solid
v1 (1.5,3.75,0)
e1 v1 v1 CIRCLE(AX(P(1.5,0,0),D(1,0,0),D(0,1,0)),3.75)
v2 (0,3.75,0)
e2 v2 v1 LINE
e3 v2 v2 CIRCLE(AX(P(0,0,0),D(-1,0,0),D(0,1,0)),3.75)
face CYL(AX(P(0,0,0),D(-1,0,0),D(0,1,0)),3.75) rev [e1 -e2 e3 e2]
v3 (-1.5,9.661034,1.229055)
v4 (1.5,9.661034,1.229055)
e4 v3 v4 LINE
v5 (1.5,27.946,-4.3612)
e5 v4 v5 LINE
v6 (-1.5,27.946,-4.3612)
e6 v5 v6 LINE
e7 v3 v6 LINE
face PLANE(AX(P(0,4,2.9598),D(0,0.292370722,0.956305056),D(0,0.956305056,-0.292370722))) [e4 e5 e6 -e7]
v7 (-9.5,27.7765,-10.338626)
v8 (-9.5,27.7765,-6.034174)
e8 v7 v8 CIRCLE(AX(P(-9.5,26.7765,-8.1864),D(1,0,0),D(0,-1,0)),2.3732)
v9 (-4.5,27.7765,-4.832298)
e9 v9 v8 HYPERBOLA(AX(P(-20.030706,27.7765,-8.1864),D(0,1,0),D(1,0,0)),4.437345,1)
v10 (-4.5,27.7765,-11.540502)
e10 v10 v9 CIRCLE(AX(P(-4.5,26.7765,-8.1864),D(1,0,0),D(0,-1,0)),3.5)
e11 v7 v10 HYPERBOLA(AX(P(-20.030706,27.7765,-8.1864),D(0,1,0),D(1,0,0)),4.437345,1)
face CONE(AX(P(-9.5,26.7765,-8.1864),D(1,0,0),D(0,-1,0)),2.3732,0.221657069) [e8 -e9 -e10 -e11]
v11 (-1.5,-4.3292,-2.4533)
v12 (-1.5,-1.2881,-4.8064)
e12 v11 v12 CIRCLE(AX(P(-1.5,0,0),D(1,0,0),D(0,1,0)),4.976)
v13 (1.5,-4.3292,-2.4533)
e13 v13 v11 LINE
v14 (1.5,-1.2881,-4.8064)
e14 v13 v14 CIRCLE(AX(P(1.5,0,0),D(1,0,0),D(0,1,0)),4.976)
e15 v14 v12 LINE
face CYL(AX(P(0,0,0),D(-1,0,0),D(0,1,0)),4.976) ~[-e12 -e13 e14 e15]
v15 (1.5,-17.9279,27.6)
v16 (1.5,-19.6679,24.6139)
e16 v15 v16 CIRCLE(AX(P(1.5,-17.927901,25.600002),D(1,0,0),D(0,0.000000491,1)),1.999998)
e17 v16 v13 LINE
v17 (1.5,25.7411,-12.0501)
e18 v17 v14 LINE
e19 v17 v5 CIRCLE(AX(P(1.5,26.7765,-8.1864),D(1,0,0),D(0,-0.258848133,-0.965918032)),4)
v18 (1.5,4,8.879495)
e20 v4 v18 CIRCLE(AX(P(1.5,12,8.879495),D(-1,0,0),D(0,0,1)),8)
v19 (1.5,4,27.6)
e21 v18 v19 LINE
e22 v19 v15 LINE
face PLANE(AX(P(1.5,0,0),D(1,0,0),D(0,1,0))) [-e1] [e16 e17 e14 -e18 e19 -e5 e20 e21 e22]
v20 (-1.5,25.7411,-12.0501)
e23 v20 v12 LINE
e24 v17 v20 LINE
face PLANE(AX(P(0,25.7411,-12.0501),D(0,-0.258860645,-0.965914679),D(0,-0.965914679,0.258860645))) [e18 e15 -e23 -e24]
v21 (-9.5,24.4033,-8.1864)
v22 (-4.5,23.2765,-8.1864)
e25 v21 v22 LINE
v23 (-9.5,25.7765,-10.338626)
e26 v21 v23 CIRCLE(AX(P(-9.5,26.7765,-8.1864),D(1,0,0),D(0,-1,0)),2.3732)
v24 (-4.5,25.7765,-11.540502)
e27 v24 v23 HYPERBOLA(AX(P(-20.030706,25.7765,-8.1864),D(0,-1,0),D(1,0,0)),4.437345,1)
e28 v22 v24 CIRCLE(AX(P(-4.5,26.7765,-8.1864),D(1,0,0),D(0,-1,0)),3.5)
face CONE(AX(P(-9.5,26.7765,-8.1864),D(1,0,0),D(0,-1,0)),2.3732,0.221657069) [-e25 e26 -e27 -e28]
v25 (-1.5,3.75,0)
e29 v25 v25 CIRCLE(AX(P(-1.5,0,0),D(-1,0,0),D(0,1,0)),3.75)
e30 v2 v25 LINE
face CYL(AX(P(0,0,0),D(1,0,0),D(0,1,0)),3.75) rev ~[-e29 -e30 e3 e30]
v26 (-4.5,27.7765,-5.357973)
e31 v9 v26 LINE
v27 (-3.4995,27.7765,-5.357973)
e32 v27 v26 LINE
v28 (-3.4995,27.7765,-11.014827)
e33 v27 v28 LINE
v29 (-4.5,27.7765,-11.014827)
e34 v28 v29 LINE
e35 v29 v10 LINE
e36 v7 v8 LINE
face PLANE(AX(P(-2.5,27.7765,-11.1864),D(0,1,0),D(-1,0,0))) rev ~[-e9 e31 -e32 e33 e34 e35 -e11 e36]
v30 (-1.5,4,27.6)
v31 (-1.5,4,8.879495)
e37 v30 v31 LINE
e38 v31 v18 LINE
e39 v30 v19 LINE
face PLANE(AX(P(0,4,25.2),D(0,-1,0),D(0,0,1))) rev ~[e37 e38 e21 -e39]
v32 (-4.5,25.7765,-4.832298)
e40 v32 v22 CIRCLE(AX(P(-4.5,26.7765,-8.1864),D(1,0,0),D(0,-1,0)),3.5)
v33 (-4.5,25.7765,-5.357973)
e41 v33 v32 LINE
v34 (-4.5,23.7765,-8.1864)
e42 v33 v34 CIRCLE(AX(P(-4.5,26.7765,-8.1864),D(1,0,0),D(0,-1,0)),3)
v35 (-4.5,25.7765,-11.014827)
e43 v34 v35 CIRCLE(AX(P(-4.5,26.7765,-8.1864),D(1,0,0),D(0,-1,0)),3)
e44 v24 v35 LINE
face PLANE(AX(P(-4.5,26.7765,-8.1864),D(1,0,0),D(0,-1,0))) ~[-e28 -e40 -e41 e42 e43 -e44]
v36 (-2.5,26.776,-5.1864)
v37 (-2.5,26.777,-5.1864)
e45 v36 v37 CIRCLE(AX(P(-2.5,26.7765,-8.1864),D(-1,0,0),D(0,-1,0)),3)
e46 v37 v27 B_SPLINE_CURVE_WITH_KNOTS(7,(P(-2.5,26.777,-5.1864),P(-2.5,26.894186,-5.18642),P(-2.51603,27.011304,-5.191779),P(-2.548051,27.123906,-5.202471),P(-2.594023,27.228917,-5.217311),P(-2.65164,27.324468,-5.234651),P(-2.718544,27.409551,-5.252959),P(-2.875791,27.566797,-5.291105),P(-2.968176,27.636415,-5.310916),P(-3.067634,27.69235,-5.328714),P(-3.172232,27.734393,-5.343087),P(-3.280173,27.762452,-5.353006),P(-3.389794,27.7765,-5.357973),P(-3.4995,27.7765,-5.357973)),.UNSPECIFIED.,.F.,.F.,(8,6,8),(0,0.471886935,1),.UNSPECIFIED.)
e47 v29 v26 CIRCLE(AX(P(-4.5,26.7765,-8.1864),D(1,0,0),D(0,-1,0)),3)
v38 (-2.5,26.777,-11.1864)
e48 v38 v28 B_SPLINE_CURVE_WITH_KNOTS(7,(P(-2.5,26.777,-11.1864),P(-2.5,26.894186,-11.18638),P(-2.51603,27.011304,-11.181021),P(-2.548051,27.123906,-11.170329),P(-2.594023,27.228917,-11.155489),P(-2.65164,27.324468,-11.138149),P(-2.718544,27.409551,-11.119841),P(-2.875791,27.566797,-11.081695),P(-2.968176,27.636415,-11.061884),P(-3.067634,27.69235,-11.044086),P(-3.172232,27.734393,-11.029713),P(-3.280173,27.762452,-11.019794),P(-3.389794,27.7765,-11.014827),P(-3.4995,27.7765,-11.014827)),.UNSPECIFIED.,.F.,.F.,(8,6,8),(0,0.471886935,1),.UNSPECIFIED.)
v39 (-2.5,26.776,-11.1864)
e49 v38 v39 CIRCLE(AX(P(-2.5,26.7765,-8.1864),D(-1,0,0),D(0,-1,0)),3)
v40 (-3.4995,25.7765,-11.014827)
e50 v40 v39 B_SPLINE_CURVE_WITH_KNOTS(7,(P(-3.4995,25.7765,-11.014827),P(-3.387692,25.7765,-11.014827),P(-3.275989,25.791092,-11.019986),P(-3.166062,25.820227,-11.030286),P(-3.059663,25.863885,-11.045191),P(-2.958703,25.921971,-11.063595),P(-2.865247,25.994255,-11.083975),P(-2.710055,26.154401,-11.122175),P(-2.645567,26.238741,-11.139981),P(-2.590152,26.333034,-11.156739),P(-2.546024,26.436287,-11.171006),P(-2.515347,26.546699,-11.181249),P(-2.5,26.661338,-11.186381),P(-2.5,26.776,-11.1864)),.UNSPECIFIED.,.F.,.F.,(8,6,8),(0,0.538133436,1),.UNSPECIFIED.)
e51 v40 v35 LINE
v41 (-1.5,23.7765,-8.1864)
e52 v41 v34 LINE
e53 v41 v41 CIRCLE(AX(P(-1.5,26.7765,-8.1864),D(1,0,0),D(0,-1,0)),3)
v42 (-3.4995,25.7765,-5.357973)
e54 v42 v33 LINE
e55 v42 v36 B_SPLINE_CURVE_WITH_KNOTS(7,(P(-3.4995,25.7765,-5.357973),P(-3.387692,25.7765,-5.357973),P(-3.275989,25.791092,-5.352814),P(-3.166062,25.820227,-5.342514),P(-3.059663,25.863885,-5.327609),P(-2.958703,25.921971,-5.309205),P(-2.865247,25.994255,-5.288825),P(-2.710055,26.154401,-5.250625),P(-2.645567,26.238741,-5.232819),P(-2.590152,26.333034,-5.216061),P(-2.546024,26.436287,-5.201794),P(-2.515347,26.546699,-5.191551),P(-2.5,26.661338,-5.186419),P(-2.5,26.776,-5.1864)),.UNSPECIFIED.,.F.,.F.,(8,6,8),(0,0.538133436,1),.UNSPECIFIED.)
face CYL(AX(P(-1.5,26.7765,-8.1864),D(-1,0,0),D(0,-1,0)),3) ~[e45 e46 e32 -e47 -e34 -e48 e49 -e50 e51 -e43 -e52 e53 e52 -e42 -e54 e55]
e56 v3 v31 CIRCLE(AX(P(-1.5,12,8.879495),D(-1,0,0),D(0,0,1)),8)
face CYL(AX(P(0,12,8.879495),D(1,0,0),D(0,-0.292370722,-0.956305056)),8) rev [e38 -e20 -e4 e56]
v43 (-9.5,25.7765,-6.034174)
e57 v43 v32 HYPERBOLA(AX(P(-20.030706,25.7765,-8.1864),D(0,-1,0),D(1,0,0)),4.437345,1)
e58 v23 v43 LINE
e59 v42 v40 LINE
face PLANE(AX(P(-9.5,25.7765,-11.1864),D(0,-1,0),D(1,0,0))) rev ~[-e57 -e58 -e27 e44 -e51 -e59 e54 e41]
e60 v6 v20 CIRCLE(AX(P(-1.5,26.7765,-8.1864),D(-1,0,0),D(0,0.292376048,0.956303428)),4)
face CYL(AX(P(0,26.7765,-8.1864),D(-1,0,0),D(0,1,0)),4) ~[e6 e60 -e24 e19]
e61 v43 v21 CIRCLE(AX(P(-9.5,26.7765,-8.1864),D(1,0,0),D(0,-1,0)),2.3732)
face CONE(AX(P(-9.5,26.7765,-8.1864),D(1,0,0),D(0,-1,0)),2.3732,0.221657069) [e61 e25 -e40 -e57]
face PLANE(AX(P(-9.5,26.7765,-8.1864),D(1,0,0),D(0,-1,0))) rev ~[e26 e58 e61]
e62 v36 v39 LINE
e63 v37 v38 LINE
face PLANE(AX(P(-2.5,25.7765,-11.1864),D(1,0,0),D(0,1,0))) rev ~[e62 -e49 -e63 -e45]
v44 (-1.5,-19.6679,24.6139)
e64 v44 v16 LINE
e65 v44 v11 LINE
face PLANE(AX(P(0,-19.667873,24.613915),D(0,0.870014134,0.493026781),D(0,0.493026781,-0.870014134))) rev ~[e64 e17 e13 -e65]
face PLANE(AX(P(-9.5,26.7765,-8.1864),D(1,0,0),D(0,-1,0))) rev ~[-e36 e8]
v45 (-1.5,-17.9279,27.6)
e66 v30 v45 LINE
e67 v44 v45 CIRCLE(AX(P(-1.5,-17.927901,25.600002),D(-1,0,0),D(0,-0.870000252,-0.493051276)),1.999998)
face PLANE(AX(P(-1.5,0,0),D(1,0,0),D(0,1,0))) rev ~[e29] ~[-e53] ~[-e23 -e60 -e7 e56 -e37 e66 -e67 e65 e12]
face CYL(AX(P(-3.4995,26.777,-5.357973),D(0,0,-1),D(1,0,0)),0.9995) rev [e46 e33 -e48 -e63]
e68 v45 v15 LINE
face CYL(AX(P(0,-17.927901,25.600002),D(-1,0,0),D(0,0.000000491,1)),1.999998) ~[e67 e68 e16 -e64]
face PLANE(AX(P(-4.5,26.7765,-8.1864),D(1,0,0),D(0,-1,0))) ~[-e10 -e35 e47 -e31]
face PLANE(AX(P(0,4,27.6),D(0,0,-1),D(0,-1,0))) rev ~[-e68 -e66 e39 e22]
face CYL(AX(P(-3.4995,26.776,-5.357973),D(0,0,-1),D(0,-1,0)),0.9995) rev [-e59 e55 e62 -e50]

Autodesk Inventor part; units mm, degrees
ref_plane "YZ Plane" through (0, 0, 0) normal (1, 0, 0) x (0, 1, 0)
ref_plane "XZ Plane" through (0, 0, 0) normal (0, 1, 0) x (-1, 0, 0)
sketch "Boceto4" plane through (0, 0, 0) normal (1, 0, 0) x (0, 1, 0)
  line L0 (0, 0) -> (0, 25.2)
  line L1 (0, 0) -> (26.7765, -8.1864)
  line L2 (0, 0) -> (28, 0) construction
  line L3 (4, 25.2) -> (4, 2.9598)
  line L4 (4, 2.9598) -> (27.946, -4.3612)
  circle A0 centre (26.7765, -8.1864) radius 4
  circle A1 centre (0, 0) radius 4.976
  line L5 (0, 25.2) -> (-20, 25.2)
  line L6 (-20, 25.2) -> (-4.3292, -2.4533)
  line L7 (25.7411, -12.0501) -> (-1.2881, -4.8064)
  line L8 (4, 25.2) -> (4, 27.6)
  line L9 (4, 27.6) -> (-17.9279, 27.6)
  line L10 (-19.6679, 24.6139) -> (-20, 25.2)
  arc A2 (-17.9279, 27.6) -> (-19.6679, 24.6139) centre (-17.9279, 25.6) ccw
  circle A3 centre (0, 0) radius 3.75
  point P0 (-19.8875, 25.2)
  point P1 (-19.6679, 24.6139)
  dimension "d18" = 25.2
  dimension "d20" = 28
  dimension "d22" = 4
  dimension "d23" = 20
  dimension "d24" = 2.4
  dimension "d25" = 2
  dimension "d26" = 7.5
  dimension "d44" = 107
  dimension "d45" = 2.4
extrude "Extrusión2" add sketch "Boceto4" along normal mid plane 3 contours A3 L1 A1 L0 | L0 A1 L1 A3 | A1 L6 A2 L5 L0 | L0 L5 A2 L9 L8 L3 A1 | A1 L4 A0 L1 | L1 A0 L7 A1 | A0
fillet "Empalme1" radius 8 1 edges at (0, 4, 2.9598)
ref_plane "Plano de trabajo3" through (0, 0, -8.1864) normal (0, 0, 1) x (1, 0, 0)
sketch "Boceto5" plane through (0, 0, -8.1864) normal (0, 0, 1) x (1, 0, 0)
  line L0 (0, 0) -> (0, 26.7765)
  line L1 (0, 26.7765) -> (-1.5, 26.7765)
  line L2 (-1.5, 26.7765) -> (-1.5, 23.7765)
  line L3 (-1.5, 30.7765) -> (-1.5, 25.7411) projected
  line L4 (-1.5, 23.7765) -> (-4.5, 23.7765)
  line L5 (-4.5, 23.7765) -> (-4.5, 23.2765)
  line L6 (-4.5, 23.2765) -> (-9.5, 23.2765)
  line L7 (-9.5, 23.2765) -> (-9.5, 26.7765)
  line L8 (-9.5, 26.7765) -> (-9.5, 24.4033)
  line L9 (-9.5, 24.4033) -> (-4.5, 23.2765)
  line L10 (-9.5, 26.7765) -> (-1.5, 26.7765)
  point P0 (-1.5, 27.946)
  dimension "d31" = 26.7765
  dimension "d32" = 1.5
  dimension "d33" = 3
  dimension "d34" = 3
  dimension "d35" = 0.5
  dimension "d36" = 5
  dimension "d37" = 3.5
  dimension "d38" = 2.3732
revolve "Revolución1" add sketch "Boceto5" angle 360 about axis through (-9.5, 26.7765, -8.1864) along (1, 0, 0) contours L2 L4 L5 L9 L7 L10
ref_plane "Plano de trabajo4" through (-3, 26.7765, -11.1864) normal (0, 0, 1) x (1, 0, 0)
sketch "Boceto6" plane through (-3, 26.7765, -11.1864) normal (0, 0, 1) x (1, 0, 0)
  line L0 (-6.5, 2.3732) -> (-6.5, -2.3732) projected
  line L1 (-6.5, 0) -> (-3, 0)
  line L2 (0.5, 1) -> (-6.5, 1)
  line L3 (-6.5, 1) -> (-6.5, -1)
  line L4 (-6.5, -1) -> (0.5, -1)
  line L5 (0.5, -1) -> (0.5, 1)
  line L6 (0.5, 1) -> (-6.5, -1) construction
  line L7 (-6.5, 1) -> (0.5, -1) construction
  point P0 (3, -26.7765)
  point P1 (-6.5, 1)
  dimension "d40" = 3.5
  dimension "d41" = 2
extrude "Extrusión3" cut sketch "Boceto6" against normal mid plane 14
fillet "Empalme2" radius 1 2 edges at (-2.5, 27.7765, -8.1864) (-2.5, 25.7765, -8.1864)
equation "\"d45\" = d24"
equation "\"offset\" = 1"
equation "\"thikness\" = 2"
equation "\"r1\" = 5.55"
equation "\"r2o\" = 59.75"
equation "\"delta_y\" = 6"
equation "\"wire_d\" = 1"
equation "\"width_ang_spring\" = 5"
equation "\"spring_int_diam\" = 8.5"
equation "\"spring_ext_diam\" = 10.5"
equation "\"r3\" = 8.25"
equation "\"r3R\" = 4.75"
equation "\"r3T\" = 6.74537"
equation "\"alpha\" = 54.847297deg"
equation "\"alpha2\" = 270deg"
equation "\"theta3_recogido\" = 305.152703deg"
equation "\"delta_theta_3\" = 45deg"
equation "\"joint_width\" = 12"
equation "\"joint_radius\" = 7.75"
equation "\"shaft_width\" = 15"
equation "\"shaft_joint_diameter\" = 7.75"
equation "\"separation_space\" = 0.5"
equation "\"height_finger\" = 42"
equation "\"cell_screw_head_diameter\" = 4"
equation "\"cell_screw_diameter\" = 2"
equation "\"cell_space\" = 2"
equation "\"cell_width\" = 6"
equation "\"cell_theta_position\" = 60deg"
equation "\"cell_thikness\" = 1"
equation "\"cell_lenght\" = 37"
equation "\"cell_z_space\" = 5"
equation "\"wire_D\" = 2.3"
equation "\"width_link\" = 8"
equation "\"Dt\" = 1.05949"
equation "\"Djoint_shaft\" = 2.3"
equation "\"shaft_x\" = 1.45"
equation "\"shaft_y\" = 6.45"
equation "\"lenght_body_link\" = 186.05"
equation "\"lenght_bar_support\" = 201.65"
equation "\"wire_spring_d\" = 1"
equation "\"spring_int_d\" = 6"
equation "\"spring_lenght\" = 28"
equation "\"trigger_offset\" = 2"
equation "\"e\" = 9"
equation "\"So\" = 17"
equation "\"m2_theta3o\" = -30deg"
equation "\"m2_r3\" = 19.75"
equation "\"m2_delta_theta1\" = 15deg"
equation "\"m2_theta3f\" = -60deg"
equation "\"trigger_thumb_lenght\" = 6"
equation "\"r3_thikness\" = 3.5"
equation "\"tg_width\" = 4"
equation "\"pivot_screw_d\" = 4"
equation "\"sf_lenght\" = 9.5"
equation "\"sf_base\" = 3"
equation "\"sf_head_height\" = 3"
equation "\"sf_head_width\" = 4.5"
equation "\"sf_head_offset\" = 0.25"
equation "\"sf_head_grip_width\" = 2"
equation "\"sf_head_angle\" = 45deg"
equation "\"sf_thikness\" = 5"
equation "\"screw_Dhead\" = 8"
equation "\"screw_d\" = 4"
equation "\"screw_lenght\" = 12"
equation "\"screwJ_base_D\" = 9"
equation "\"screwJ_top_D\" = 13"
equation "\"gj_D\" = 6"
equation "\"gj_d\" = 4"
equation "\"gj_out_section\" = 6"
equation "\"ext_width_slider\" = 3.5"
equation "\"sfbox_tip_width\" = 2.5"
equation "\"slim_width_slider\" = 1.5"
equation "\"agarradera_width\" = 4"
equation "\"int_width_slider\" = 2"
equation "\"agarradera_position\" = 82.13077"
equation "\"sfbox_theta1\" = 60deg"
equation "\"sfbox_theta2\" = 45deg"
equation "\"agarradera_theta\" = 60deg"
equation "\"sfbox_width\" = 1.5"
equation "\"box_fat_slider_lenght\" = 67"
equation "\"fat_width_slider\" = 2"
equation "\"box_in_width\" = 72"
equation "\"flex_separation_theta\" = 60deg"
equation "\"sf_flex_separation\" = 38.66667"
equation "\"thikness_box\" = 1.5"
equation "\"box_slim_slider_lenght\" = 116"
equation "\"box_in_deep\" = 77"
equation "\"box_in_height\" = 35"
properties part number "trigger" material "Plástico PPS"
